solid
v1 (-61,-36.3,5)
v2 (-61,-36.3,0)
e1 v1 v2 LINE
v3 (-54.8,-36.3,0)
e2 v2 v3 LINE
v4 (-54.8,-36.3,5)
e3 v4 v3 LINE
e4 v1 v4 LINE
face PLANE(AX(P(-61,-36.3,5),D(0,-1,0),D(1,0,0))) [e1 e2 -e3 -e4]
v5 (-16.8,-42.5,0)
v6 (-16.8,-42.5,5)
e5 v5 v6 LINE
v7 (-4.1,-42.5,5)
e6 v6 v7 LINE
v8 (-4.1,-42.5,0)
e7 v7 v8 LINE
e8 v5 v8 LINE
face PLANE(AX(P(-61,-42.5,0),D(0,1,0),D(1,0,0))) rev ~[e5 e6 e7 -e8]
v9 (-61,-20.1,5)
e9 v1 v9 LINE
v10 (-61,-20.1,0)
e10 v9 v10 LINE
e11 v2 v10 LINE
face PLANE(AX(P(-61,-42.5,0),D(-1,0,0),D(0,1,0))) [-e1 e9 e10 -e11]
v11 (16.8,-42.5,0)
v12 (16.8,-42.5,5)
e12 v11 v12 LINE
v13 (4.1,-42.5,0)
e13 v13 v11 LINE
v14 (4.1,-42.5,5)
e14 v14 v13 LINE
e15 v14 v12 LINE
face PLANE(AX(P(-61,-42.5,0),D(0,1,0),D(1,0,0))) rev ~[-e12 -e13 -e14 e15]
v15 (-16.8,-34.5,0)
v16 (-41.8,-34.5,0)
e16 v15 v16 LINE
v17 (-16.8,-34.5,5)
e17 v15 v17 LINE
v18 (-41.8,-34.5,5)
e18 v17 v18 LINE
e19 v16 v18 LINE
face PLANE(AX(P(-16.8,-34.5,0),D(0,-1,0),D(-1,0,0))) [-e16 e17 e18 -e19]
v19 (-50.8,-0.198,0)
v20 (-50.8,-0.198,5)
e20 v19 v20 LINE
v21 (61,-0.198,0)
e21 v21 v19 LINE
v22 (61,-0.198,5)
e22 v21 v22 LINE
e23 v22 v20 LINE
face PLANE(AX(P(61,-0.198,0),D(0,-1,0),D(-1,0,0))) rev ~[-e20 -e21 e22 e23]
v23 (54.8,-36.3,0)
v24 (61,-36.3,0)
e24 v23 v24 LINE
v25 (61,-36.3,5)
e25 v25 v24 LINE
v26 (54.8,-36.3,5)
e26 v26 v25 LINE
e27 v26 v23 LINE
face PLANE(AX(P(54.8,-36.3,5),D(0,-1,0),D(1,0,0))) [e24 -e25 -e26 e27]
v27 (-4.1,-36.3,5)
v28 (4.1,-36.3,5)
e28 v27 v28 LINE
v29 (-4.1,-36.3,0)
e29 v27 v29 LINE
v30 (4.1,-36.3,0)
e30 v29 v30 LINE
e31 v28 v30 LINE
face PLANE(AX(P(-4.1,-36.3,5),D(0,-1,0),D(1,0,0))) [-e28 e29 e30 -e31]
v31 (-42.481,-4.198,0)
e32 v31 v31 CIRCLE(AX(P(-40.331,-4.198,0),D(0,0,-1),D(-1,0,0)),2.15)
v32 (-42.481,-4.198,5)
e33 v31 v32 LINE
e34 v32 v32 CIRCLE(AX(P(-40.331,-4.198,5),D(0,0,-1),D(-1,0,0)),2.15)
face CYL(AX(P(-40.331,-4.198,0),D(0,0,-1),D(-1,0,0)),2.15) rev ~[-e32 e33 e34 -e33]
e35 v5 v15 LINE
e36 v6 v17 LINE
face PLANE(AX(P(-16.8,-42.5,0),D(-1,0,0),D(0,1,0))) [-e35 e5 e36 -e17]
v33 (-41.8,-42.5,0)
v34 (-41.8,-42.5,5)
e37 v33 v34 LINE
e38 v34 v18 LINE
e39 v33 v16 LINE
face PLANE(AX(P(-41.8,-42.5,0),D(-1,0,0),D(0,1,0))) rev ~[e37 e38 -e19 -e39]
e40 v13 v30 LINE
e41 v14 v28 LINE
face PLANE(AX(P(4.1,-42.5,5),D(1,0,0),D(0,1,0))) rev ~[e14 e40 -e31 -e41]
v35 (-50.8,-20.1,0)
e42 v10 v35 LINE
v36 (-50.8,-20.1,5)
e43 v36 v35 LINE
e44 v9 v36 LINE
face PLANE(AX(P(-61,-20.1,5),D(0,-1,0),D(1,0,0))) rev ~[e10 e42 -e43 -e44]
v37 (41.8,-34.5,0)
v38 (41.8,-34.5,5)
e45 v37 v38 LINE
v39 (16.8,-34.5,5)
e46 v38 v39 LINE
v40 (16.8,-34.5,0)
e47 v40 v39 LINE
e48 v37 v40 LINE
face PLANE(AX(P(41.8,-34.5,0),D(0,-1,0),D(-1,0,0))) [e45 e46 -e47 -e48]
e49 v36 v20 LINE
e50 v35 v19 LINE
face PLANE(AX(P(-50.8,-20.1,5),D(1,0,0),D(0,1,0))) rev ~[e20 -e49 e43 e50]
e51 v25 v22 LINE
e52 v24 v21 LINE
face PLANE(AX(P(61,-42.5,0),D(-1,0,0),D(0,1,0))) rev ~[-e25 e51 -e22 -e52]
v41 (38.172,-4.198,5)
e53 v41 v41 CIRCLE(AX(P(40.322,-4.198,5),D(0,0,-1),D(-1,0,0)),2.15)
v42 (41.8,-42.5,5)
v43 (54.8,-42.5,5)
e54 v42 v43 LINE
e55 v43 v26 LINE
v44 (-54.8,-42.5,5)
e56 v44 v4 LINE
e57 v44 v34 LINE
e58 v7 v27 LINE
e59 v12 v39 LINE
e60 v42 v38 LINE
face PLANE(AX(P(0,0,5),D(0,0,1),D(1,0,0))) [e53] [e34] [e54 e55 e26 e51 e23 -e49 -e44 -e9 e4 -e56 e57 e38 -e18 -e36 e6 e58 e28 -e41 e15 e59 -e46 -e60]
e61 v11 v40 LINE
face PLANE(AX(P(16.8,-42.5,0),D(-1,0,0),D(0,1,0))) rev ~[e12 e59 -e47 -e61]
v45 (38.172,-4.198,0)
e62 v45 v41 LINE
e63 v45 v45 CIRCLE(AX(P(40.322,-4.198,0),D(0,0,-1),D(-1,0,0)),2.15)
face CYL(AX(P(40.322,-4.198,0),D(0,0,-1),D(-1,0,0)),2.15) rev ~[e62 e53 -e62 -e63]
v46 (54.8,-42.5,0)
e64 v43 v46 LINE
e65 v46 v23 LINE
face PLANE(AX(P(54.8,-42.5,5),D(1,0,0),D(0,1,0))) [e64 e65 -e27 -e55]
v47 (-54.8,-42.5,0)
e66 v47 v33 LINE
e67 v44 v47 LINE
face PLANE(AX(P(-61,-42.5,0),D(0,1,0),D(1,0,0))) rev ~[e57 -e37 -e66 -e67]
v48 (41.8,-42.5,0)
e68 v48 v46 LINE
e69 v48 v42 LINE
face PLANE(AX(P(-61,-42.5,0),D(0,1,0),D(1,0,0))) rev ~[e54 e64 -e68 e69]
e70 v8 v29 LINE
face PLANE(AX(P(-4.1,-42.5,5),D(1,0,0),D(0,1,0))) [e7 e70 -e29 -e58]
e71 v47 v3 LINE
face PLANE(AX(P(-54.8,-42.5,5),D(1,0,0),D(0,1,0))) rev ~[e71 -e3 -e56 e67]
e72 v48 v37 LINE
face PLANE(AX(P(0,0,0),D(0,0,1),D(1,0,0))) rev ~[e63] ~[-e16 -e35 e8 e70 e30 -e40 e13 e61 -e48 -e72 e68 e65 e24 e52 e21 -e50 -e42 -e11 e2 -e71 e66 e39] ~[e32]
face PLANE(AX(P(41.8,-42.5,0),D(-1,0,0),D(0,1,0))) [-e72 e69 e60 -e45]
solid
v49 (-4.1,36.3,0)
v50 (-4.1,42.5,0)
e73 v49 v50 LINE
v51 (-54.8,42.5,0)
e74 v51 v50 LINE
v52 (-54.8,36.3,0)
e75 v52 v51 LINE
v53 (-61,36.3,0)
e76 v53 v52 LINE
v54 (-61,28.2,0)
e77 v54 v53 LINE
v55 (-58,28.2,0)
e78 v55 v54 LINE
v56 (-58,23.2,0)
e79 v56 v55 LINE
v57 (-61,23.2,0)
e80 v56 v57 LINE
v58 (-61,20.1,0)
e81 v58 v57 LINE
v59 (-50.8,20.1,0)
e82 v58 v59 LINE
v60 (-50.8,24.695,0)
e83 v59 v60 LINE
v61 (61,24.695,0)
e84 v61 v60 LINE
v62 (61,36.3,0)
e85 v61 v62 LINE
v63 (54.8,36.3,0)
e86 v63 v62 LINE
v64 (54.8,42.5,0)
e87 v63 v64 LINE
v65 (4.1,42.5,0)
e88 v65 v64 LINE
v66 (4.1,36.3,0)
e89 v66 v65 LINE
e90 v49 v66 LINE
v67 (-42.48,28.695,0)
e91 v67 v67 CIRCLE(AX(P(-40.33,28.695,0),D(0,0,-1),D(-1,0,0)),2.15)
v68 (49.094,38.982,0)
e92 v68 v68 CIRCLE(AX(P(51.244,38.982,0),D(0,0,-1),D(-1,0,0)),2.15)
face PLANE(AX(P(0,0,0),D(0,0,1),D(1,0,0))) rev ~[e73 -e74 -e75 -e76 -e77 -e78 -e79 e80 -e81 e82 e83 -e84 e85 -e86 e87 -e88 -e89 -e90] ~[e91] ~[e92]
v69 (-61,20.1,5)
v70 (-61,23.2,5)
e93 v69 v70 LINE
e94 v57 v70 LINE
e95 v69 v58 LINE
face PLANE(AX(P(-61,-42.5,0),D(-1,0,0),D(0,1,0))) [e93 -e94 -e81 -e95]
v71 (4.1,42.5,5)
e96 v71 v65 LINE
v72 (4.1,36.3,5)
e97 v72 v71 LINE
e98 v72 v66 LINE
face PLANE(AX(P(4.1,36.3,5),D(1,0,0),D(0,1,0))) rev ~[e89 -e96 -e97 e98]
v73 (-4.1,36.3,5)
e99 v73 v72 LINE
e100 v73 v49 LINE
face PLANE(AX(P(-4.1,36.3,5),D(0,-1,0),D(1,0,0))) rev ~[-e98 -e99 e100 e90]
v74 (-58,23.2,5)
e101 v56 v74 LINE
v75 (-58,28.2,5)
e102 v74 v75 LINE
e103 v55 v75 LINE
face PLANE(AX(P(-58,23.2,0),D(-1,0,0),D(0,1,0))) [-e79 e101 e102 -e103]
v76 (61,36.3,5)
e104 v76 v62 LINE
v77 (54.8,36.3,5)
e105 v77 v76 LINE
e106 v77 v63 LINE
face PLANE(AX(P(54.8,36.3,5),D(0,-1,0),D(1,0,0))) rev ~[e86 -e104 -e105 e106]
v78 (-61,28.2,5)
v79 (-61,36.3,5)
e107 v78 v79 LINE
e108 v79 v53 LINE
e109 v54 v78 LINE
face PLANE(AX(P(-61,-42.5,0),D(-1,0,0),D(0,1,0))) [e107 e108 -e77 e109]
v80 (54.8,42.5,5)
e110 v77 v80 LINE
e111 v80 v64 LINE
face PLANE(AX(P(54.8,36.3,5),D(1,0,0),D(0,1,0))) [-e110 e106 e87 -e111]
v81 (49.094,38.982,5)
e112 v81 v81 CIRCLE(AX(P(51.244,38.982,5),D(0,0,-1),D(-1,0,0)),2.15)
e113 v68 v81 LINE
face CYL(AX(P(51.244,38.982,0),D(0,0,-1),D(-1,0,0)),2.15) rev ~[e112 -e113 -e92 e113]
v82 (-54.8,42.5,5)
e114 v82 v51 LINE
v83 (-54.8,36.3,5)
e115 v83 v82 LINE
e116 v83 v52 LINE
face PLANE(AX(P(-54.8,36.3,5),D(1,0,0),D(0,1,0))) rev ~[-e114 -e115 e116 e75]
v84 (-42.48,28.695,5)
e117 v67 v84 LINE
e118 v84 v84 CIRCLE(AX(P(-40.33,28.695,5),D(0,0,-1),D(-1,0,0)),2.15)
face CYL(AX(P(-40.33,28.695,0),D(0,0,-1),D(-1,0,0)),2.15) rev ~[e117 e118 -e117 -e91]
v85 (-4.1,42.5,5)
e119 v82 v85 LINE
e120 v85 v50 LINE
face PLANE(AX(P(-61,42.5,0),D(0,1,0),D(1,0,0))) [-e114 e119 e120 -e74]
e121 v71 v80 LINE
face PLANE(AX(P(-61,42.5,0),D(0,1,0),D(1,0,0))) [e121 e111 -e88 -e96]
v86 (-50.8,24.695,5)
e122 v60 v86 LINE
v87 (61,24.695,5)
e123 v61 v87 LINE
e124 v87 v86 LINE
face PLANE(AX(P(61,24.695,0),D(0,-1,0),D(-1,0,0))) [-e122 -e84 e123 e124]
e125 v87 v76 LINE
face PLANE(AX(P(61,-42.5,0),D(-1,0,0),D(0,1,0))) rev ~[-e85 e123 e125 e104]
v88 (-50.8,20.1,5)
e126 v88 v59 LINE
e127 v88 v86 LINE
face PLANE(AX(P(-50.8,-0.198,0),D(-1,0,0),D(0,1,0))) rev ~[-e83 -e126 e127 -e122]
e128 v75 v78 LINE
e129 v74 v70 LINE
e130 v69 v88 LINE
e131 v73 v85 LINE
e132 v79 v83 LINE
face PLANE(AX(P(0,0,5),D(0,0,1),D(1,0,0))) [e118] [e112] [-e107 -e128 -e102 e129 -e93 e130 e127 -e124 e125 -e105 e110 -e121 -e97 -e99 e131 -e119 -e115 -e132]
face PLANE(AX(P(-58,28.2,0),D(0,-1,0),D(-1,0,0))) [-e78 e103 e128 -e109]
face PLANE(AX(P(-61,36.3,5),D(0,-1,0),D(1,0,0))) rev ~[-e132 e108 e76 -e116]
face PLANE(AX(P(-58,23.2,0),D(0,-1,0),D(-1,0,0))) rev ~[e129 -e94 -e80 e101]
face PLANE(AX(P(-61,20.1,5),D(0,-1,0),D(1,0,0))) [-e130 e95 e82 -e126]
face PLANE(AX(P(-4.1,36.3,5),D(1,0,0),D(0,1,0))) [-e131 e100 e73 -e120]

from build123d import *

# Parameters (mm, degrees)
SKETCH_1_W          = 122
SKETCH_1_H          = 85
EXTRUDE_1_DEPTH     = 5
SKETCH_2_W          = 8.2
SKETCH_2_H          = 6.2
SKETCH_2_W_2        = 6.2
SKETCH_2_W_3        = 10.2
SKETCH_2_H_2        = 40.2
CUT_EXTRUDE_1_DEPTH = 5
SKETCH_6_R          = 2.15
CUT_EXTRUDE_2_DEPTH = 5
SKETCH_8_W          = 111.8
SKETCH_8_H          = 24.893
SKETCH_8_W_2        = 25
SKETCH_8_H_2        = 8
CUT_EXTRUDE_5_DEPTH = 5
SKETCH_9_W          = 3
SKETCH_9_H          = 5
CUT_EXTRUDE_6_DEPTH = 5


with BuildPart() as part:
    # 草图1 → 凸台-拉伸1 (new body)
    with BuildSketch(Plane.XY):
        Rectangle(SKETCH_1_W, SKETCH_1_H)
    extrude(amount=EXTRUDE_1_DEPTH)

    # 草图2 → 切除-拉伸1 (cut)
    with BuildSketch(Plane.XY.offset(5)):
        with Locations((0, 39.4)):
            Rectangle(SKETCH_2_W, SKETCH_2_H)
        with Locations((-57.9, 39.4)):
            Rectangle(SKETCH_2_W_2, SKETCH_2_H)
        with Locations((57.9, 39.4)):
            Rectangle(SKETCH_2_W_2, SKETCH_2_H)
        with Locations((57.9, -39.4)):
            Rectangle(SKETCH_2_W_2, SKETCH_2_H)
        with Locations((0, -39.4)):
            Rectangle(SKETCH_2_W, SKETCH_2_H)
        with Locations((-57.9, -39.4)):
            Rectangle(SKETCH_2_W_2, SKETCH_2_H)
        with Locations((-55.9, 0)):
            Rectangle(SKETCH_2_W_3, SKETCH_2_H_2)
    extrude(amount=-CUT_EXTRUDE_1_DEPTH, mode=Mode.SUBTRACT)

    # 草图6 → 切除-拉伸2 (cut)
    with BuildSketch(Plane(origin=(0, 0, 0), x_dir=(-1, 0, 0), z_dir=(0, 0, -1))):
        with Locations((-51.244, 38.982)):
            Circle(SKETCH_6_R)
        with Locations((-40.322, -4.198)):
            Circle(SKETCH_6_R)
        with Locations((40.33, 28.695)):
            Circle(SKETCH_6_R)
        with Locations((40.331, -4.198)):
            Circle(SKETCH_6_R)
    extrude(amount=-CUT_EXTRUDE_2_DEPTH, mode=Mode.SUBTRACT)

    # 草图8 → 切除-拉伸5 (cut)
    with BuildSketch(Plane(origin=(0, 0, 0), x_dir=(-1, 0, 0), z_dir=(0, 0, -1))):
        with Locations((-5.1, 12.2485)):
            Rectangle(SKETCH_8_W, SKETCH_8_H)
        with Locations((-29.3, -38.5)):
            Rectangle(SKETCH_8_W_2, SKETCH_8_H_2)
        with Locations((29.3, -38.5)):
            Rectangle(SKETCH_8_W_2, SKETCH_8_H_2)
    extrude(amount=-CUT_EXTRUDE_5_DEPTH, mode=Mode.SUBTRACT)


with BuildPart() as cut_extrude_5_piece_1:
    # of the separate pieces the step leaves, piece 1, a body of its own (cut_extrude_5_pieces)
    add(part.part.solids().sort_by_distance((-50.8, -0.198, 0))[0])


with BuildPart() as cut_extrude_5_piece_2:
    # of the separate pieces the step leaves, piece 2, a body of its own (cut_extrude_5_pieces)
    add(part.part.solids().sort_by_distance((-54.8, 42.5, 0))[0])

    # 草图9 → 切除-拉伸6 (cut)
    with BuildSketch(Plane(origin=(0, 0, 0), x_dir=(-1, 0, 0), z_dir=(0, 0, -1))):
        with Locations((59.5, 25.7)):
            Rectangle(SKETCH_9_W, SKETCH_9_H)
    extrude(amount=-CUT_EXTRUDE_6_DEPTH, mode=Mode.SUBTRACT)


solid = Compound([cut_extrude_5_piece_1.part, cut_extrude_5_piece_2.part])
